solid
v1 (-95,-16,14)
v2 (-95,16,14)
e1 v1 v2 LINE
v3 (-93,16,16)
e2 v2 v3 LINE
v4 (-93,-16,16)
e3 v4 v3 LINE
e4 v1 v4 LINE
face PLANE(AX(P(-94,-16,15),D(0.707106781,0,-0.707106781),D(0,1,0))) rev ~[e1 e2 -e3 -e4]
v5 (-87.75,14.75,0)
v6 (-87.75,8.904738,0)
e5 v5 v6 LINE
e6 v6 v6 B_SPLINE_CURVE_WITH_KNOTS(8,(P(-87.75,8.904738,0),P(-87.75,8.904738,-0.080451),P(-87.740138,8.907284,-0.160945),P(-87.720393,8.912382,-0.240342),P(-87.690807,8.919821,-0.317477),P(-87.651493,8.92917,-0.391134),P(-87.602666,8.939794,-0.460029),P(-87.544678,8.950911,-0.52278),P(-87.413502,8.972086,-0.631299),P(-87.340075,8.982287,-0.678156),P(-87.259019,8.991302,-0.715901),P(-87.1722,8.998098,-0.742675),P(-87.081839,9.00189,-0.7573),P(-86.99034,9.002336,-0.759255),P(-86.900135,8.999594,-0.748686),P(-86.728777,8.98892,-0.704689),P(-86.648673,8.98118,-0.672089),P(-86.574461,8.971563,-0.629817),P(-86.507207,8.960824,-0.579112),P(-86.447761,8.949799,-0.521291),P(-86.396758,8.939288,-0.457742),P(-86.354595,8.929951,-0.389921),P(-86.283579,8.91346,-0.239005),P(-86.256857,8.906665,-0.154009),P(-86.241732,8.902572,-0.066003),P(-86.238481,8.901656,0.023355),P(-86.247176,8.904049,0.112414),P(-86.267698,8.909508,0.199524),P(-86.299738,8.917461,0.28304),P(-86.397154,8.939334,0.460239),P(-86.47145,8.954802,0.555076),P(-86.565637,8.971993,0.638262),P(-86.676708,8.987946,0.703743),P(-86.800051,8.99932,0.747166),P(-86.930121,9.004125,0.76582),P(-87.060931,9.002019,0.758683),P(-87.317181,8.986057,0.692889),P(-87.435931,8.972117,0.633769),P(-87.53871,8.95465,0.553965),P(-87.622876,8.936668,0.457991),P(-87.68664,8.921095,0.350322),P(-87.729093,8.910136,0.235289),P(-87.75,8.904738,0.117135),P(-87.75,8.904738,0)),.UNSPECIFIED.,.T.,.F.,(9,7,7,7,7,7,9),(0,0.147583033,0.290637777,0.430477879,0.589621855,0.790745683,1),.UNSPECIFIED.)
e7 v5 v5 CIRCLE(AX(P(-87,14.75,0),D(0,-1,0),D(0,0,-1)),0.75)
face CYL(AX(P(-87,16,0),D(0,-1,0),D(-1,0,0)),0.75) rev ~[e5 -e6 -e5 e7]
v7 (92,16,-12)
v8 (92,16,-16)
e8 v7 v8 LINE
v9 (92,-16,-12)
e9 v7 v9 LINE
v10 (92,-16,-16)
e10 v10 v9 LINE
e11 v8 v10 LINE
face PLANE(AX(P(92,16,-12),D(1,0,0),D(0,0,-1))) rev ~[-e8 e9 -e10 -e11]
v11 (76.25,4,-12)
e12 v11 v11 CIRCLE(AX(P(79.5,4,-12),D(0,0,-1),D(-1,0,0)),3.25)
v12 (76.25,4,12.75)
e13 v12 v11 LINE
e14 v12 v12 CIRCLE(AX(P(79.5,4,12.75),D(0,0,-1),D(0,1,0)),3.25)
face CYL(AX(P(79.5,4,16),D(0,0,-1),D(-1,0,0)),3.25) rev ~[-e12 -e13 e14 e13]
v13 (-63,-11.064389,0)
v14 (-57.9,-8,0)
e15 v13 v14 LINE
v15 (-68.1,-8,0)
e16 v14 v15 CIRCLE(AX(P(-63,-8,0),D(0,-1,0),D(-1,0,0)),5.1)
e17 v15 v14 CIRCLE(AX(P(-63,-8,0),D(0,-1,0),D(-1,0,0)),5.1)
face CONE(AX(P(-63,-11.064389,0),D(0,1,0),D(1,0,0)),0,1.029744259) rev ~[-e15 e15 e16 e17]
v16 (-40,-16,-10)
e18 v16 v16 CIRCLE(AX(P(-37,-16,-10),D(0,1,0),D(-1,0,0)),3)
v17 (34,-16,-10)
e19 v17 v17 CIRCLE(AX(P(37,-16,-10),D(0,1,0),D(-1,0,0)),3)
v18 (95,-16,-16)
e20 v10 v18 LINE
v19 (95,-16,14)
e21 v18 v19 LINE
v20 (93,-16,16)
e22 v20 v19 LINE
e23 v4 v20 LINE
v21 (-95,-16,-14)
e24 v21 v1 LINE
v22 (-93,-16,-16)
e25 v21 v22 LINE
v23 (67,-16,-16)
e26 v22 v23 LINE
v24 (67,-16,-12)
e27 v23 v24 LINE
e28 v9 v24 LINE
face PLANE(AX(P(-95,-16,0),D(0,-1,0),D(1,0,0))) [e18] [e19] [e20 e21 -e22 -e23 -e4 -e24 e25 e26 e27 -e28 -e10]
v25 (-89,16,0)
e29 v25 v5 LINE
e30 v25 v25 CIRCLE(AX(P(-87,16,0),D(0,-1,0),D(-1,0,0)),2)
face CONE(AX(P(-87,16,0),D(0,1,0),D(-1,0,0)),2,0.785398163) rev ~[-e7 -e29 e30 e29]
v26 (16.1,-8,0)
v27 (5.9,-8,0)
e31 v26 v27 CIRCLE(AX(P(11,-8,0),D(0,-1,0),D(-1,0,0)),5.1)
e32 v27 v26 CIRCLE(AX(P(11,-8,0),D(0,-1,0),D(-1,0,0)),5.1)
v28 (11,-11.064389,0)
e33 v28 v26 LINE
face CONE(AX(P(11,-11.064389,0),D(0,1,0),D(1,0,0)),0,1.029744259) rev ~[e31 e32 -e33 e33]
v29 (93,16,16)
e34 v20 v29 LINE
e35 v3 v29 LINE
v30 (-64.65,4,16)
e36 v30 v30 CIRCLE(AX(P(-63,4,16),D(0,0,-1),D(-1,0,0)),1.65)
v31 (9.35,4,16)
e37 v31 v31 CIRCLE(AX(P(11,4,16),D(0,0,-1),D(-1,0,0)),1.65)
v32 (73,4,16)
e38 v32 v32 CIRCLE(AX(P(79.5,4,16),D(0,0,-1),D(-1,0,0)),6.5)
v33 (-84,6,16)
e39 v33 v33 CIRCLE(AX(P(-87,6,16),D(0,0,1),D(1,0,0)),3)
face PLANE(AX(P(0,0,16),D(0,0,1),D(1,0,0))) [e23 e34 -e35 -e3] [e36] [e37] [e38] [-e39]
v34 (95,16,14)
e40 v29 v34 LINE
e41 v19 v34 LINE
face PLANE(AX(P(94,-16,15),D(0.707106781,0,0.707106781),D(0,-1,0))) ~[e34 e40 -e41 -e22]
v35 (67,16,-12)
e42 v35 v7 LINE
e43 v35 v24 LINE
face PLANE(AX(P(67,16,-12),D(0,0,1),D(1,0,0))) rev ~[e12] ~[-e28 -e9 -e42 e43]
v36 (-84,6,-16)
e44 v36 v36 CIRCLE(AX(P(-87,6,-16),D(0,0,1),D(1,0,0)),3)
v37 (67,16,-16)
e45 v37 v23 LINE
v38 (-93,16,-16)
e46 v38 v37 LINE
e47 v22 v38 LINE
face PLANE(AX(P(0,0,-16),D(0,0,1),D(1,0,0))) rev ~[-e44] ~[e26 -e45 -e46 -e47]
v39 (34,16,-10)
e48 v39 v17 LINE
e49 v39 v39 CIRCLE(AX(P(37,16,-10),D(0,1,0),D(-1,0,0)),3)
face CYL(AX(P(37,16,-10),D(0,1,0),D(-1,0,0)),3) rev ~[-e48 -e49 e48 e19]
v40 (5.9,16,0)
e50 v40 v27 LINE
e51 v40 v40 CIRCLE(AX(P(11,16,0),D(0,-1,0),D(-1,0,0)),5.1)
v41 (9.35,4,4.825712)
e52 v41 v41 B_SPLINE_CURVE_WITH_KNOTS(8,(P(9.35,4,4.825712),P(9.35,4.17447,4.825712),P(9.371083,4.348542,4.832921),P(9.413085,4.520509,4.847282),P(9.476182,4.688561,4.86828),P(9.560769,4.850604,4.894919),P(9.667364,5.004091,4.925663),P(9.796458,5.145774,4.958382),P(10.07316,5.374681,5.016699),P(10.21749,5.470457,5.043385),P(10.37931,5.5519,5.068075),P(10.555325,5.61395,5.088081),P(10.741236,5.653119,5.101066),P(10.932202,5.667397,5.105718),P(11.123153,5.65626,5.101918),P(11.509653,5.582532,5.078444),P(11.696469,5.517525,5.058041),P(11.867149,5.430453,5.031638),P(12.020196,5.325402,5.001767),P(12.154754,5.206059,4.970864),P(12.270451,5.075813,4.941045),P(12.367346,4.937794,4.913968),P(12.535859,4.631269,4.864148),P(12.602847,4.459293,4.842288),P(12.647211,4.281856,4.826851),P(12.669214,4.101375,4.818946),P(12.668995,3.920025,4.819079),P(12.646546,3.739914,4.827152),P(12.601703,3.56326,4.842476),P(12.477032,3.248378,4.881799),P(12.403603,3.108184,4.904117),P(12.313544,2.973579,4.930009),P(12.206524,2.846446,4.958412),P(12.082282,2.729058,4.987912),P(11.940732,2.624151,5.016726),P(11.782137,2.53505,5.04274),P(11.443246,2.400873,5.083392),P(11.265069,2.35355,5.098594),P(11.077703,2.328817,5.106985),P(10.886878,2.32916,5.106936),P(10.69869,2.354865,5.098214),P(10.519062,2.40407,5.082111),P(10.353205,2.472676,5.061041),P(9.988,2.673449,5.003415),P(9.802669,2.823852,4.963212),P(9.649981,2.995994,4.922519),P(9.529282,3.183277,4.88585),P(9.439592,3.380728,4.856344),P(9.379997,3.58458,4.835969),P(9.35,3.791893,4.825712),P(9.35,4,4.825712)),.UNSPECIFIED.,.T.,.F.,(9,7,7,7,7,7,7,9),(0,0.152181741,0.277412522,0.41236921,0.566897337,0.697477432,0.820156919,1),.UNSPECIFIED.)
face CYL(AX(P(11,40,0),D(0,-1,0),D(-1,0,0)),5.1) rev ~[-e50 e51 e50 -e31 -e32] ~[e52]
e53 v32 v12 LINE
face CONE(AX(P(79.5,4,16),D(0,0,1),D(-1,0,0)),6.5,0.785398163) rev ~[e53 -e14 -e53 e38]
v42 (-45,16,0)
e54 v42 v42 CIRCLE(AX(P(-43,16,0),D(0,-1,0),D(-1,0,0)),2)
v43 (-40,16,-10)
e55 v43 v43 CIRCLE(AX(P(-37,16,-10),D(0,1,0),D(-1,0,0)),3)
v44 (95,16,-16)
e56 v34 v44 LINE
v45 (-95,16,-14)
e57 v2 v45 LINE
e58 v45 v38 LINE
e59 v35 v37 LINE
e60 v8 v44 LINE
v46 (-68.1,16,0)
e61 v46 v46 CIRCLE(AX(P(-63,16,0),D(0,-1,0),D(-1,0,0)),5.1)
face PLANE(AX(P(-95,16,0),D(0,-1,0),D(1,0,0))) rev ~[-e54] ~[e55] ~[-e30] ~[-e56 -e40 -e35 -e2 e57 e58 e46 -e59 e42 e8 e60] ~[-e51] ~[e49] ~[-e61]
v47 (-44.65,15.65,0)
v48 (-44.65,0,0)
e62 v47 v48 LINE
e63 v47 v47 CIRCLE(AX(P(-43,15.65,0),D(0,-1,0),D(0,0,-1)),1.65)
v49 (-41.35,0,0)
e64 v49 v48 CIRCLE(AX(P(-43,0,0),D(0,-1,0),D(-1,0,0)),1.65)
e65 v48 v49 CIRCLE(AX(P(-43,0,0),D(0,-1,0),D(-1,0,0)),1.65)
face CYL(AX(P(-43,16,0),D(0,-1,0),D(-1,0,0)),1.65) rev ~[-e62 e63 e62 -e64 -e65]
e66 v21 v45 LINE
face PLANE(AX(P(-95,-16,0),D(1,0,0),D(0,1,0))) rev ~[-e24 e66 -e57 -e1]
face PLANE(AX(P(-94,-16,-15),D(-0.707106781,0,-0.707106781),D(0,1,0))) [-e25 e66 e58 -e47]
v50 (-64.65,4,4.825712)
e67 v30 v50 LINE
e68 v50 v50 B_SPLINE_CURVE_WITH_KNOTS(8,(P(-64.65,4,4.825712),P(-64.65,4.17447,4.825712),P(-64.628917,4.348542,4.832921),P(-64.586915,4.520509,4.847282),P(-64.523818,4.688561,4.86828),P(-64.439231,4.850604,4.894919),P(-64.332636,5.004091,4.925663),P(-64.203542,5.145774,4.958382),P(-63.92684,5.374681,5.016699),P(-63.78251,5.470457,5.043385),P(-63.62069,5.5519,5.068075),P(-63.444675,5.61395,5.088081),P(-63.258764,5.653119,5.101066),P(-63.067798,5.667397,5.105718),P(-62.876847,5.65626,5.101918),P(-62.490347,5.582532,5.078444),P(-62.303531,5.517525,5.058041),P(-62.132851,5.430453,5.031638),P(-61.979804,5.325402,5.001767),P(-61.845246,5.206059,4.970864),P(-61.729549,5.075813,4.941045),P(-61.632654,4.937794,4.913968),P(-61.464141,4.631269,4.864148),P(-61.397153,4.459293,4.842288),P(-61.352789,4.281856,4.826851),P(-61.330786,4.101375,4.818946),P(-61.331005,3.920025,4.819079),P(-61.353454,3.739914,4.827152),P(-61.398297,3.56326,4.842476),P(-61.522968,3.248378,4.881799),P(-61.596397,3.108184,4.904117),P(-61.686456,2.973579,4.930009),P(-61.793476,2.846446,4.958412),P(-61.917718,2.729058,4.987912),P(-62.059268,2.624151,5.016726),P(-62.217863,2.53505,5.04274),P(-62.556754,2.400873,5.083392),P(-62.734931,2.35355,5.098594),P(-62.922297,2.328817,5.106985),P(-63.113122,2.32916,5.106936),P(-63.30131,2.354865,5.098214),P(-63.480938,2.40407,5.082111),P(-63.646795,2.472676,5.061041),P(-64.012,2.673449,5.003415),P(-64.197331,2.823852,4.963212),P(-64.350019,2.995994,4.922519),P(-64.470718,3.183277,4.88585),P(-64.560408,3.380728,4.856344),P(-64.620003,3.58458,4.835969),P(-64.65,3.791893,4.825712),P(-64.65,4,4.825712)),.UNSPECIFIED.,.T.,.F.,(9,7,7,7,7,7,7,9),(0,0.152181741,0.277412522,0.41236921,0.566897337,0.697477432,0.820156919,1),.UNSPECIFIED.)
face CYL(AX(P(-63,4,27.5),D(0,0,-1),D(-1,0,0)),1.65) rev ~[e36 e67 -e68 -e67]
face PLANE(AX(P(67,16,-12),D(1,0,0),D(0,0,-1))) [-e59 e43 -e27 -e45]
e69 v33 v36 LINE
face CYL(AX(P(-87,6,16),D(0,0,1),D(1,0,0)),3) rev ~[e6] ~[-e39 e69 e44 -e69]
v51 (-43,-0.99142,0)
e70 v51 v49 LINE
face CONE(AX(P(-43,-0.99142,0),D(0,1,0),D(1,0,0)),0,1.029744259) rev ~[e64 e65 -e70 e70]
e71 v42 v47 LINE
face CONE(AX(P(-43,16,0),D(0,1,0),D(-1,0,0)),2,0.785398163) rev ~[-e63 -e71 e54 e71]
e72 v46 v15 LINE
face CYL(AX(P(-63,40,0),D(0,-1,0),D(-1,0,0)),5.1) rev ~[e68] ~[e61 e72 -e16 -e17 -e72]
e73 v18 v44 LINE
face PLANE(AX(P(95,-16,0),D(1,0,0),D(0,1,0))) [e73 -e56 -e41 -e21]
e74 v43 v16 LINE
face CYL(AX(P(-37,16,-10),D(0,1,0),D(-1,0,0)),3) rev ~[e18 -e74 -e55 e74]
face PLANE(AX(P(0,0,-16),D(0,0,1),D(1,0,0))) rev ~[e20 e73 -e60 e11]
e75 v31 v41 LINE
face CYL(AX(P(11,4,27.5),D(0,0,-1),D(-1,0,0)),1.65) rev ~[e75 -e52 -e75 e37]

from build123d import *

# Parameters (mm, degrees)
SKETCH1_W                                            = 190
SKETCH1_H                                            = 32
BOSS_EXTRUDE1_DEPTH                                  = 16
SKETCH2_W                                            = 25
SKETCH2_H                                            = 4
CUT_EXTRUDE1_DEPTH                                   = 102.513545894
M12_TAPPED_HOLE1_D                                   = 10.2
M12_TAPPED_HOLE1_DEPTH                               = 24
M12_TAPPED_HOLE1_TIP                                 = 3.064389157
M4_TAPPED_HOLE1_D                                    = 3.3
M4_TAPPED_HOLE1_DEPTH                                = 11.5
M4_TAPPED_HOLE1_TIP                                  = 0.991420021
SKETCH13_R                                           = 3
CUT_EXTRUDE2_DEPTH                                   = 102.51354591
CSK_FOR_M4_COUNTERSUNK_FLAT_HEAD_SCREW1_D            = 1.5
CSK_FOR_M4_COUNTERSUNK_FLAT_HEAD_SCREW1_DEPTH        = 10
CSK_FOR_M4_COUNTERSUNK_FLAT_HEAD_SCREW1_CSINK_D      = 4
CSK_FOR_M4_COUNTERSUNK_FLAT_HEAD_SCREW1_CSINK_ANGLE  = 90
CSK_FOR_M4_COUNTERSUNK_FLAT_HEAD_SCREW1_TIP          = 0.450645464
M4_TAPPED_HOLE3_D                                    = 3.3
M4_TAPPED_HOLE3_DEPTH                                = 16
M4_TAPPED_HOLE3_CSINK_D                              = 4
M4_TAPPED_HOLE3_CSINK_ANGLE                          = 90
M4_TAPPED_HOLE3_TIP                                  = 0.991420021
SKETCH26_R                                           = 3
CUT_EXTRUDE4_DEPTH                                   = 32
CSK_FOR_M10_COUNTERSUNK_FLAT_HEAD_SCREW3_D           = 6.5
CSK_FOR_M10_COUNTERSUNK_FLAT_HEAD_SCREW3_CSINK_D     = 13
CSK_FOR_M10_COUNTERSUNK_FLAT_HEAD_SCREW3_CSINK_ANGLE = 90
CHAMFER3_SIZE                                        = 2


with BuildPart() as part:
    # Sketch1 → Boss-Extrude1 (new, symmetric)
    with BuildSketch(Plane.XY):
        Rectangle(SKETCH1_W, SKETCH1_H)
    extrude(amount=BOSS_EXTRUDE1_DEPTH, both=True)

    # Sketch2 → Cut-Extrude1 (cut, through all)
    with BuildSketch(Plane(origin=(0, 16, 0), x_dir=(1, 0, 0), z_dir=(0, 1, 0))):
        with Locations((79.5, 14)):
            Rectangle(SKETCH2_W, SKETCH2_H)
    extrude(amount=-CUT_EXTRUDE1_DEPTH, mode=Mode.SUBTRACT)

    # M12 Tapped Hole1
    with Locations(Plane(origin=(0, 16, 0), x_dir=(1, 0, 0), z_dir=(0, 1, 0))):
        with Locations((-63, 0), (11, 0)):
            Hole(M12_TAPPED_HOLE1_D / 2, depth=M12_TAPPED_HOLE1_DEPTH)
            with Locations((0, 0, -(M12_TAPPED_HOLE1_DEPTH + M12_TAPPED_HOLE1_TIP / 2))):  # 118° drill point
                Cone(0, M12_TAPPED_HOLE1_D / 2, M12_TAPPED_HOLE1_TIP, mode=Mode.SUBTRACT)

    # M4 Tapped Hole1
    with Locations(Plane.XY.offset(16)):
        with Locations((-63, 4), (11, 4)):
            Hole(M4_TAPPED_HOLE1_D / 2, depth=M4_TAPPED_HOLE1_DEPTH)
            with Locations((0, 0, -(M4_TAPPED_HOLE1_DEPTH + M4_TAPPED_HOLE1_TIP / 2))):  # 118° drill point
                Cone(0, M4_TAPPED_HOLE1_D / 2, M4_TAPPED_HOLE1_TIP, mode=Mode.SUBTRACT)

    # Sketch13 → Cut-Extrude2 (cut, through all)
    with BuildSketch(Plane.XY.offset(16)):
        with Locations((-87, 6)):
            Circle(SKETCH13_R)
    extrude(amount=-CUT_EXTRUDE2_DEPTH, mode=Mode.SUBTRACT)

    # CSK for M4 Countersunk Flat Head Screw1
    with Locations(Plane(origin=(0, 16, 0), x_dir=(1, 0, 0), z_dir=(0, 1, 0))):
        with Locations((-87, 0)):
            CounterSinkHole(CSK_FOR_M4_COUNTERSUNK_FLAT_HEAD_SCREW1_D / 2, CSK_FOR_M4_COUNTERSUNK_FLAT_HEAD_SCREW1_CSINK_D / 2, depth=CSK_FOR_M4_COUNTERSUNK_FLAT_HEAD_SCREW1_DEPTH, counter_sink_angle=CSK_FOR_M4_COUNTERSUNK_FLAT_HEAD_SCREW1_CSINK_ANGLE)
            with Locations((0, 0, -(CSK_FOR_M4_COUNTERSUNK_FLAT_HEAD_SCREW1_DEPTH + CSK_FOR_M4_COUNTERSUNK_FLAT_HEAD_SCREW1_TIP / 2))):  # 118° drill point
                Cone(0, CSK_FOR_M4_COUNTERSUNK_FLAT_HEAD_SCREW1_D / 2, CSK_FOR_M4_COUNTERSUNK_FLAT_HEAD_SCREW1_TIP, mode=Mode.SUBTRACT)

    # M4 Tapped Hole3
    with Locations(Plane(origin=(0, 16, 0), x_dir=(1, 0, 0), z_dir=(0, 1, 0))):
        with Locations((-43, 0)):
            CounterSinkHole(M4_TAPPED_HOLE3_D / 2, M4_TAPPED_HOLE3_CSINK_D / 2, depth=M4_TAPPED_HOLE3_DEPTH, counter_sink_angle=M4_TAPPED_HOLE3_CSINK_ANGLE)
            with Locations((0, 0, -(M4_TAPPED_HOLE3_DEPTH + M4_TAPPED_HOLE3_TIP / 2))):  # 118° drill point
                Cone(0, M4_TAPPED_HOLE3_D / 2, M4_TAPPED_HOLE3_TIP, mode=Mode.SUBTRACT)

    # Sketch26 → Cut-Extrude4 (cut)
    with BuildSketch(Plane(origin=(0, 16, 0), x_dir=(1, 0, 0), z_dir=(0, 1, 0))):
        with Locations(Location((-37, 10, 0), (0, 0, 180))):
            Circle(SKETCH26_R)
        with Locations(Location((37, 10, 0), (0, 0, 180))):
            Circle(SKETCH26_R)
    extrude(amount=-CUT_EXTRUDE4_DEPTH, mode=Mode.SUBTRACT)

    # CSK for M10 Countersunk Flat Head Screw3 (through all)
    with Locations(Plane.XY.offset(16)):
        with Locations((79.5, 4)):
            CounterSinkHole(CSK_FOR_M10_COUNTERSUNK_FLAT_HEAD_SCREW3_D / 2, CSK_FOR_M10_COUNTERSUNK_FLAT_HEAD_SCREW3_CSINK_D / 2, counter_sink_angle=CSK_FOR_M10_COUNTERSUNK_FLAT_HEAD_SCREW3_CSINK_ANGLE)

    # Chamfer3
    chamfer3_edges = [part.edges().sort_by_distance(p)[0] for p in [
        (95, 0, 16),
        (-95, 0, 16),
        (-95, 0, -16),
    ]]
    chamfer(chamfer3_edges, length=CHAMFER3_SIZE)


solid = part.part
